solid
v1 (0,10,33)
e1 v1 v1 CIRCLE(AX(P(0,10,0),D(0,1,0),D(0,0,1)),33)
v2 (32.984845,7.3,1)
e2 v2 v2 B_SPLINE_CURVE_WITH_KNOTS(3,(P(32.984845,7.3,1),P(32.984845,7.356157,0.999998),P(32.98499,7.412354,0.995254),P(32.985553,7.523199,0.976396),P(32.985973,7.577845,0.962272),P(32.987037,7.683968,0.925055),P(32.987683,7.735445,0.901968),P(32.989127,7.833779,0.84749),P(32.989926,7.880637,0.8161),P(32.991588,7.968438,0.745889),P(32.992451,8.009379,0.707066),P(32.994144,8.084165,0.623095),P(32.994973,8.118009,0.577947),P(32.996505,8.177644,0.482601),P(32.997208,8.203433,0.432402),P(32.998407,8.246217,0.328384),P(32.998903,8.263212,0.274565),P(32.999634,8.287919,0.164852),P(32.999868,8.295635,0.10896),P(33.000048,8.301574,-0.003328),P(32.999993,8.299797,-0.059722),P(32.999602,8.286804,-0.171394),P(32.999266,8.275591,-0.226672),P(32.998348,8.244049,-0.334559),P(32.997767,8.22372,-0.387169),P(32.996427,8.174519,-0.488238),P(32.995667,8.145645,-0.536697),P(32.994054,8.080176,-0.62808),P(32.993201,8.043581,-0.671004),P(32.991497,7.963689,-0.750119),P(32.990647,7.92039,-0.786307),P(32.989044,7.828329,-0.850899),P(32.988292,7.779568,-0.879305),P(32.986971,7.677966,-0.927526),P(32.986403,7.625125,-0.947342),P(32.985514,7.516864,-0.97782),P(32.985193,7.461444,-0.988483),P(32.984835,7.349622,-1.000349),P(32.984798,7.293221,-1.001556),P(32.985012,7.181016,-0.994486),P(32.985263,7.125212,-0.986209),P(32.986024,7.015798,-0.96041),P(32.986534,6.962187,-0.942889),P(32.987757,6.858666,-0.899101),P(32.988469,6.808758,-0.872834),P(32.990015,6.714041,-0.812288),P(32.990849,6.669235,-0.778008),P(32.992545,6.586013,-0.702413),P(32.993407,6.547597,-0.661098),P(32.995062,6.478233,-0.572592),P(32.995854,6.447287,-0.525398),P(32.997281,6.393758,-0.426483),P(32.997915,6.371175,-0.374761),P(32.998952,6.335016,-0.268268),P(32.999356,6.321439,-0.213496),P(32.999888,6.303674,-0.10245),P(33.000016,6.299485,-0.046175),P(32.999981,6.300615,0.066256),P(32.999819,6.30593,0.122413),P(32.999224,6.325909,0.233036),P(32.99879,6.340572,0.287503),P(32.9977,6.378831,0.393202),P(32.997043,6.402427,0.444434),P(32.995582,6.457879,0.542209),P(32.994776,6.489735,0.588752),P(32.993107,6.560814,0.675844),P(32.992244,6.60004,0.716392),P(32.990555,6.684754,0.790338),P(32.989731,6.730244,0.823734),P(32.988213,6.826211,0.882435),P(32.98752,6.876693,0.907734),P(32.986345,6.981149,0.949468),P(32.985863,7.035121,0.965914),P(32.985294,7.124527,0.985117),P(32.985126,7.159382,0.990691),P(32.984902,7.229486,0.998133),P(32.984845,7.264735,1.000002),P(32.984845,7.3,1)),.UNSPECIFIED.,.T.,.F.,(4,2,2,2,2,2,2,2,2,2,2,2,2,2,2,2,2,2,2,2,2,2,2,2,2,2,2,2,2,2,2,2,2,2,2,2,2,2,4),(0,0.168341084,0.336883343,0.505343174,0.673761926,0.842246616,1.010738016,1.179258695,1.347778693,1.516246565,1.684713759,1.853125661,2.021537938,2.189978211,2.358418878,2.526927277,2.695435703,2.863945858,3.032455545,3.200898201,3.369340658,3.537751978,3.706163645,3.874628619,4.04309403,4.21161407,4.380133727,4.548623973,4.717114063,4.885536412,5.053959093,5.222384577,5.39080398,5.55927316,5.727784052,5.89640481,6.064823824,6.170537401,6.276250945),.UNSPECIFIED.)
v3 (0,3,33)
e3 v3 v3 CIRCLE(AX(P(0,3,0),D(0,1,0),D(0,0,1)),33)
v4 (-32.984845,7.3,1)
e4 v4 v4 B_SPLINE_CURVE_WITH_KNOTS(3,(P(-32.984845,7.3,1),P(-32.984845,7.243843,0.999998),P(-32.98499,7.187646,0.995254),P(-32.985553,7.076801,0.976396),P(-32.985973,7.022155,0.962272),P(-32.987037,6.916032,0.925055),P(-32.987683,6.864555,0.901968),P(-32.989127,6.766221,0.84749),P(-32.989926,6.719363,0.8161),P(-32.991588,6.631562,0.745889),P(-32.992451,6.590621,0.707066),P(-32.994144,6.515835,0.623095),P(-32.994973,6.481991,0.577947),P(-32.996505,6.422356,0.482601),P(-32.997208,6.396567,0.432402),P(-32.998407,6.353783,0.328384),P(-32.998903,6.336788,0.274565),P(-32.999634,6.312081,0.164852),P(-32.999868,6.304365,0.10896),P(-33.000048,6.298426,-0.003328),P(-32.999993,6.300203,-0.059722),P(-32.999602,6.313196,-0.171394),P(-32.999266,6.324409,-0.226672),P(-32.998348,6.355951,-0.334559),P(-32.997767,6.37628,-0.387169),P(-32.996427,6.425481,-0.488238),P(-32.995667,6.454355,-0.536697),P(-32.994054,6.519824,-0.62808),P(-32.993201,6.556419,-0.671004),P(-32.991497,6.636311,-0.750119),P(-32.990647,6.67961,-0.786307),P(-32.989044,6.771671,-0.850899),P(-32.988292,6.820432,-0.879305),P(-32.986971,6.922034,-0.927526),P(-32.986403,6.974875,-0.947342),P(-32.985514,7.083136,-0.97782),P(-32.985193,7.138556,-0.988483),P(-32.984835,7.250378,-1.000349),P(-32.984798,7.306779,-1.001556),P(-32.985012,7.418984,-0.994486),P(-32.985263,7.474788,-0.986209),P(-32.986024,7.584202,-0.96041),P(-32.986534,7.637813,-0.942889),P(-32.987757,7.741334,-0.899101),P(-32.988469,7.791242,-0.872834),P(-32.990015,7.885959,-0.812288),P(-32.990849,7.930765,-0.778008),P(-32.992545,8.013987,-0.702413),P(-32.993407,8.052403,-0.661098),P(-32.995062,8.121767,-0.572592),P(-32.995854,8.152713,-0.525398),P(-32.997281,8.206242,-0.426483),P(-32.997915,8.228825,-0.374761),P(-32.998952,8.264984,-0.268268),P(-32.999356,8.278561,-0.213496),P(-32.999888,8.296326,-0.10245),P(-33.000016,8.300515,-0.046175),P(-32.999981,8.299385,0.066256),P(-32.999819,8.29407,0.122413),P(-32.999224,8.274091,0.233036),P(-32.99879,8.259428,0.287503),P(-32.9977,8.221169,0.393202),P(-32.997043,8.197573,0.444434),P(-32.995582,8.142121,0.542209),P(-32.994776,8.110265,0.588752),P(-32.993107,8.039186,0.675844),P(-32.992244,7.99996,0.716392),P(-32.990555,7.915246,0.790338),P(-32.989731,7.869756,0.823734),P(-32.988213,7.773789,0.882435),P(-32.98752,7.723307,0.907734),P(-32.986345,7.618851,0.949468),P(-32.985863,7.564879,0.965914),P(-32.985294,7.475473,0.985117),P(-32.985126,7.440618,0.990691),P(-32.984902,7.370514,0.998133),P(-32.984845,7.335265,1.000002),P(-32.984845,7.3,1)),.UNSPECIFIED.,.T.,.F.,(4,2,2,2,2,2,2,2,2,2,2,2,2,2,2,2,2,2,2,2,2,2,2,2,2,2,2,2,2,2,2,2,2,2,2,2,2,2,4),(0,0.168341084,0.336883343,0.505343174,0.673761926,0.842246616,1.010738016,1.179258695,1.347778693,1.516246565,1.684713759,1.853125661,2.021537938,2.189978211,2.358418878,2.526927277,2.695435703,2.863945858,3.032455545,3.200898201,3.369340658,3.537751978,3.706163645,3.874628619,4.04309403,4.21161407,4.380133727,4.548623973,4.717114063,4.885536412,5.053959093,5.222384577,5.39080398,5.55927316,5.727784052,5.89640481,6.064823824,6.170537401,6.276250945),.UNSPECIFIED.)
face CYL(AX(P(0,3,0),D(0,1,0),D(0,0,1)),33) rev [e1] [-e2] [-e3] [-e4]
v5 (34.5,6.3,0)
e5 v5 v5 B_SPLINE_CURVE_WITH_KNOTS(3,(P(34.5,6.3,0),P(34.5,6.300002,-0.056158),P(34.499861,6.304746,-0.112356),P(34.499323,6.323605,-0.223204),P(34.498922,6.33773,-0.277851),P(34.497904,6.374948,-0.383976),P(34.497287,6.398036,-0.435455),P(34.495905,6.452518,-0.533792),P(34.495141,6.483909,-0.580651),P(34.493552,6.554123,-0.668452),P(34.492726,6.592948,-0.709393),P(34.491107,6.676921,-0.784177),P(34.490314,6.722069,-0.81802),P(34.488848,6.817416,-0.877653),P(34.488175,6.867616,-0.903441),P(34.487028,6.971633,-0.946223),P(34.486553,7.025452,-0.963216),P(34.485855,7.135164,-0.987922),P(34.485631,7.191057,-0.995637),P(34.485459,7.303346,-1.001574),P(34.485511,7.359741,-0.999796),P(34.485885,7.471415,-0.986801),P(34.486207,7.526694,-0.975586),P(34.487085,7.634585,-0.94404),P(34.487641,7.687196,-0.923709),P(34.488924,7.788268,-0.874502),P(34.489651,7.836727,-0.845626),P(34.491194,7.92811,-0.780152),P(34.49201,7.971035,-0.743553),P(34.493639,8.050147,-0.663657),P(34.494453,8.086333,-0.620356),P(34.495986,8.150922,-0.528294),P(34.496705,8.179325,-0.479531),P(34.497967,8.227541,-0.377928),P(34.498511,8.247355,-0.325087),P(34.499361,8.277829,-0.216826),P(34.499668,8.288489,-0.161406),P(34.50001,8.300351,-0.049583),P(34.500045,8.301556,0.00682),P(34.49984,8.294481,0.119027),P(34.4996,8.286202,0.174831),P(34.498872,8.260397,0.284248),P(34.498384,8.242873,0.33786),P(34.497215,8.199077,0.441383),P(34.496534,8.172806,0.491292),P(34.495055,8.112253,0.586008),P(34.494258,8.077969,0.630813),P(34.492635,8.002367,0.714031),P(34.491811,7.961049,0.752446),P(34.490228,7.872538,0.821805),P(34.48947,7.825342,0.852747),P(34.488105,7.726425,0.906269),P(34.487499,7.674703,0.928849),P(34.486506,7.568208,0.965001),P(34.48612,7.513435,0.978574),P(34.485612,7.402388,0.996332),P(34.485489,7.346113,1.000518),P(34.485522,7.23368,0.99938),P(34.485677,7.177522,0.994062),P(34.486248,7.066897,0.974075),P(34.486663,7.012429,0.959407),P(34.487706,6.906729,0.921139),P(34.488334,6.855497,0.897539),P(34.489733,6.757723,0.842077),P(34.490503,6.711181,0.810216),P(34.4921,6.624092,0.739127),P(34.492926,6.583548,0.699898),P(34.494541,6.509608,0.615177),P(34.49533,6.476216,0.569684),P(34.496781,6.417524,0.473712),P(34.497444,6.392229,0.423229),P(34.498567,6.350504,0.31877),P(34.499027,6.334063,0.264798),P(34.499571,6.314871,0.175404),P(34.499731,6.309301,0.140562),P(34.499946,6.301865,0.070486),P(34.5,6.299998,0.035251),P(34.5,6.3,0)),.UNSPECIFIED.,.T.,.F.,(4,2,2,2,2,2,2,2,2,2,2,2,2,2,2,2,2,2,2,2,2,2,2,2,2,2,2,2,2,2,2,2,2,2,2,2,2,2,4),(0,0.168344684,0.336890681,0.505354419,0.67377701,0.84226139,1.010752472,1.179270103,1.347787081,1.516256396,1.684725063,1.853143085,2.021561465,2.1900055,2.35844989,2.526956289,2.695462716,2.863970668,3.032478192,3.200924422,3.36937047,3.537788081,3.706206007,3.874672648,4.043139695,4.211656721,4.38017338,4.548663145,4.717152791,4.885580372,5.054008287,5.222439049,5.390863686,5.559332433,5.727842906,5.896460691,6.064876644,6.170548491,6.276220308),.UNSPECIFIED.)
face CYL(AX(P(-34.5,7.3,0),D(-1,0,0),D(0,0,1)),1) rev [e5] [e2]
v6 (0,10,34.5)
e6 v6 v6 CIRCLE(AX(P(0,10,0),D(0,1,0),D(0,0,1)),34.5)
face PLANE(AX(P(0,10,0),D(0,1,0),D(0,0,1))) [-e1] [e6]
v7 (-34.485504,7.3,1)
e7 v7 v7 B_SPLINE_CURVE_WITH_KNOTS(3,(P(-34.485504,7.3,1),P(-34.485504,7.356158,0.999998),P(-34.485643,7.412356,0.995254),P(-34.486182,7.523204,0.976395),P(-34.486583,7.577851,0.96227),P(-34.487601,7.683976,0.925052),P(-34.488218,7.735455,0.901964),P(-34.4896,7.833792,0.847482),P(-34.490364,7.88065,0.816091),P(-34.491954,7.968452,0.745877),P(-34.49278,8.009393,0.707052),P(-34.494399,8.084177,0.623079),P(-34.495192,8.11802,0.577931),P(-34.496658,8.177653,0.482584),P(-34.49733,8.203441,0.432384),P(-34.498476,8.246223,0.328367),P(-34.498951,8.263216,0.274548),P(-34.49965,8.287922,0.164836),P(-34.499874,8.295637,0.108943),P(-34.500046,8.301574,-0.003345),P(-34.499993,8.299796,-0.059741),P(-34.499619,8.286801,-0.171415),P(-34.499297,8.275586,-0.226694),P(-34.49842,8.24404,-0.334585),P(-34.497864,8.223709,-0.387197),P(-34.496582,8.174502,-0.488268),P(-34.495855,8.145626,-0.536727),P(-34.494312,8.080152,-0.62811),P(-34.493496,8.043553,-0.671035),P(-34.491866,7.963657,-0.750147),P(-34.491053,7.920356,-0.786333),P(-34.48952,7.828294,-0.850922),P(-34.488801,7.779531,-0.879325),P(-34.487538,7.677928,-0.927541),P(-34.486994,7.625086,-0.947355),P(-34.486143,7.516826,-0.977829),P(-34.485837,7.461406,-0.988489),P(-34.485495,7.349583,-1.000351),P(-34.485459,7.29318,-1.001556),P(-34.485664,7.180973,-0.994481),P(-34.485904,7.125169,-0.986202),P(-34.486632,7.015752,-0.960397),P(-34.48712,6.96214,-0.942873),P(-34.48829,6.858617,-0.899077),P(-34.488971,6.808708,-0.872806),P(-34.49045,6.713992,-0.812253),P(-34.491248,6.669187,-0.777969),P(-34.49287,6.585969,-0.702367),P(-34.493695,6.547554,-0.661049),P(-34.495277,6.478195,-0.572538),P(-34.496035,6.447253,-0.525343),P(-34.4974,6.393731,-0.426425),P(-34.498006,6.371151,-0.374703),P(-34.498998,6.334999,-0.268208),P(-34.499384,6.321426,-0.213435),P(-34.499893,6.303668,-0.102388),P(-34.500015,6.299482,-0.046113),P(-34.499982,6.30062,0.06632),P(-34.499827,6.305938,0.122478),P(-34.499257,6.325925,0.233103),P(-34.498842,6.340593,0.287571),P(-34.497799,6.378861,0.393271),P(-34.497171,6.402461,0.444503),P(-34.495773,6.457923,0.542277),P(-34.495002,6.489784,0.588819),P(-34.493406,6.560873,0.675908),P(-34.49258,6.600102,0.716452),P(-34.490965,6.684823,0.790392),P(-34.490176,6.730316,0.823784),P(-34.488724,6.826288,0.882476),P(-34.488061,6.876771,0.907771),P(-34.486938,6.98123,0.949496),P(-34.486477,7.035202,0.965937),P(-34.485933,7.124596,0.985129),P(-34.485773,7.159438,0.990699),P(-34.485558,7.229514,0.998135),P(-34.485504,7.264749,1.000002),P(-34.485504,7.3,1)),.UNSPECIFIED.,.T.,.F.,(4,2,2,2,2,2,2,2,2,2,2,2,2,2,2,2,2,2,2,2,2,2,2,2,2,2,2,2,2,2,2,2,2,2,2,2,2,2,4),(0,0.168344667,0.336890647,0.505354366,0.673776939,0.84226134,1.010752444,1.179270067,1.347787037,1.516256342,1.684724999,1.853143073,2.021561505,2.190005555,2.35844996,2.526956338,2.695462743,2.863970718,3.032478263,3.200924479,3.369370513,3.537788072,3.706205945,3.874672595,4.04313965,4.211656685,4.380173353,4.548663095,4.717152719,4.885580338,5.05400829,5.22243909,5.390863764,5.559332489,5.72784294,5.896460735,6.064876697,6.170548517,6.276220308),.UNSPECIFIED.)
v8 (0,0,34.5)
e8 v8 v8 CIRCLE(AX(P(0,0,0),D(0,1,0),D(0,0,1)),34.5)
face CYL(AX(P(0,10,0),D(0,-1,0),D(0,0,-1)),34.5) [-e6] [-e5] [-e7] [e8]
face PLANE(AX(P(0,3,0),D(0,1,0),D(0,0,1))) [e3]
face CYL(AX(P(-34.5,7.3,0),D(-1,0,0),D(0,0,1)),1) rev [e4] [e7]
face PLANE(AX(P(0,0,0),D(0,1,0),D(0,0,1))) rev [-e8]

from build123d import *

# Parameters (mm, degrees)
SKETCH1_R               = 34.5
BOSS_EXTRUDE1_DEPTH     = 10
SKETCH2_R               = 33
CUT_EXTRUDE1_DEPTH      = 7
SKETCH3_R               = 1
CUT_EXTRUDE2_DEPTH      = 71.585008529
CUT_EXTRUDE2_DEPTH_BACK = 1


with BuildPart() as part:
    # Sketch1 → Boss-Extrude1 (new body)
    with BuildSketch(Plane(origin=(0, 0, 0), x_dir=(1, 0, 0), z_dir=(0, 1, 0))):
        Circle(SKETCH1_R)
    extrude(amount=BOSS_EXTRUDE1_DEPTH)

    # Sketch2 → Cut-Extrude1 (cut)
    with BuildSketch(Plane(origin=(0, 10, 0), x_dir=(1, 0, 0), z_dir=(0, 1, 0))):
        Circle(SKETCH2_R)
    extrude(amount=-CUT_EXTRUDE1_DEPTH, mode=Mode.SUBTRACT)

    # Sketch3 → Cut-Extrude2 (cut, two sides)
    with BuildSketch(Plane(origin=(-36.085008529, 0, 0), x_dir=(0, 0, -1), z_dir=(1, 0, 0))) as cut_extrude2_sk:
        with Locations((0, 7.3)):
            Circle(SKETCH3_R)
    extrude(amount=CUT_EXTRUDE2_DEPTH, mode=Mode.SUBTRACT)
    extrude(cut_extrude2_sk.sketch, amount=-CUT_EXTRUDE2_DEPTH_BACK, mode=Mode.SUBTRACT)


solid = part.part
